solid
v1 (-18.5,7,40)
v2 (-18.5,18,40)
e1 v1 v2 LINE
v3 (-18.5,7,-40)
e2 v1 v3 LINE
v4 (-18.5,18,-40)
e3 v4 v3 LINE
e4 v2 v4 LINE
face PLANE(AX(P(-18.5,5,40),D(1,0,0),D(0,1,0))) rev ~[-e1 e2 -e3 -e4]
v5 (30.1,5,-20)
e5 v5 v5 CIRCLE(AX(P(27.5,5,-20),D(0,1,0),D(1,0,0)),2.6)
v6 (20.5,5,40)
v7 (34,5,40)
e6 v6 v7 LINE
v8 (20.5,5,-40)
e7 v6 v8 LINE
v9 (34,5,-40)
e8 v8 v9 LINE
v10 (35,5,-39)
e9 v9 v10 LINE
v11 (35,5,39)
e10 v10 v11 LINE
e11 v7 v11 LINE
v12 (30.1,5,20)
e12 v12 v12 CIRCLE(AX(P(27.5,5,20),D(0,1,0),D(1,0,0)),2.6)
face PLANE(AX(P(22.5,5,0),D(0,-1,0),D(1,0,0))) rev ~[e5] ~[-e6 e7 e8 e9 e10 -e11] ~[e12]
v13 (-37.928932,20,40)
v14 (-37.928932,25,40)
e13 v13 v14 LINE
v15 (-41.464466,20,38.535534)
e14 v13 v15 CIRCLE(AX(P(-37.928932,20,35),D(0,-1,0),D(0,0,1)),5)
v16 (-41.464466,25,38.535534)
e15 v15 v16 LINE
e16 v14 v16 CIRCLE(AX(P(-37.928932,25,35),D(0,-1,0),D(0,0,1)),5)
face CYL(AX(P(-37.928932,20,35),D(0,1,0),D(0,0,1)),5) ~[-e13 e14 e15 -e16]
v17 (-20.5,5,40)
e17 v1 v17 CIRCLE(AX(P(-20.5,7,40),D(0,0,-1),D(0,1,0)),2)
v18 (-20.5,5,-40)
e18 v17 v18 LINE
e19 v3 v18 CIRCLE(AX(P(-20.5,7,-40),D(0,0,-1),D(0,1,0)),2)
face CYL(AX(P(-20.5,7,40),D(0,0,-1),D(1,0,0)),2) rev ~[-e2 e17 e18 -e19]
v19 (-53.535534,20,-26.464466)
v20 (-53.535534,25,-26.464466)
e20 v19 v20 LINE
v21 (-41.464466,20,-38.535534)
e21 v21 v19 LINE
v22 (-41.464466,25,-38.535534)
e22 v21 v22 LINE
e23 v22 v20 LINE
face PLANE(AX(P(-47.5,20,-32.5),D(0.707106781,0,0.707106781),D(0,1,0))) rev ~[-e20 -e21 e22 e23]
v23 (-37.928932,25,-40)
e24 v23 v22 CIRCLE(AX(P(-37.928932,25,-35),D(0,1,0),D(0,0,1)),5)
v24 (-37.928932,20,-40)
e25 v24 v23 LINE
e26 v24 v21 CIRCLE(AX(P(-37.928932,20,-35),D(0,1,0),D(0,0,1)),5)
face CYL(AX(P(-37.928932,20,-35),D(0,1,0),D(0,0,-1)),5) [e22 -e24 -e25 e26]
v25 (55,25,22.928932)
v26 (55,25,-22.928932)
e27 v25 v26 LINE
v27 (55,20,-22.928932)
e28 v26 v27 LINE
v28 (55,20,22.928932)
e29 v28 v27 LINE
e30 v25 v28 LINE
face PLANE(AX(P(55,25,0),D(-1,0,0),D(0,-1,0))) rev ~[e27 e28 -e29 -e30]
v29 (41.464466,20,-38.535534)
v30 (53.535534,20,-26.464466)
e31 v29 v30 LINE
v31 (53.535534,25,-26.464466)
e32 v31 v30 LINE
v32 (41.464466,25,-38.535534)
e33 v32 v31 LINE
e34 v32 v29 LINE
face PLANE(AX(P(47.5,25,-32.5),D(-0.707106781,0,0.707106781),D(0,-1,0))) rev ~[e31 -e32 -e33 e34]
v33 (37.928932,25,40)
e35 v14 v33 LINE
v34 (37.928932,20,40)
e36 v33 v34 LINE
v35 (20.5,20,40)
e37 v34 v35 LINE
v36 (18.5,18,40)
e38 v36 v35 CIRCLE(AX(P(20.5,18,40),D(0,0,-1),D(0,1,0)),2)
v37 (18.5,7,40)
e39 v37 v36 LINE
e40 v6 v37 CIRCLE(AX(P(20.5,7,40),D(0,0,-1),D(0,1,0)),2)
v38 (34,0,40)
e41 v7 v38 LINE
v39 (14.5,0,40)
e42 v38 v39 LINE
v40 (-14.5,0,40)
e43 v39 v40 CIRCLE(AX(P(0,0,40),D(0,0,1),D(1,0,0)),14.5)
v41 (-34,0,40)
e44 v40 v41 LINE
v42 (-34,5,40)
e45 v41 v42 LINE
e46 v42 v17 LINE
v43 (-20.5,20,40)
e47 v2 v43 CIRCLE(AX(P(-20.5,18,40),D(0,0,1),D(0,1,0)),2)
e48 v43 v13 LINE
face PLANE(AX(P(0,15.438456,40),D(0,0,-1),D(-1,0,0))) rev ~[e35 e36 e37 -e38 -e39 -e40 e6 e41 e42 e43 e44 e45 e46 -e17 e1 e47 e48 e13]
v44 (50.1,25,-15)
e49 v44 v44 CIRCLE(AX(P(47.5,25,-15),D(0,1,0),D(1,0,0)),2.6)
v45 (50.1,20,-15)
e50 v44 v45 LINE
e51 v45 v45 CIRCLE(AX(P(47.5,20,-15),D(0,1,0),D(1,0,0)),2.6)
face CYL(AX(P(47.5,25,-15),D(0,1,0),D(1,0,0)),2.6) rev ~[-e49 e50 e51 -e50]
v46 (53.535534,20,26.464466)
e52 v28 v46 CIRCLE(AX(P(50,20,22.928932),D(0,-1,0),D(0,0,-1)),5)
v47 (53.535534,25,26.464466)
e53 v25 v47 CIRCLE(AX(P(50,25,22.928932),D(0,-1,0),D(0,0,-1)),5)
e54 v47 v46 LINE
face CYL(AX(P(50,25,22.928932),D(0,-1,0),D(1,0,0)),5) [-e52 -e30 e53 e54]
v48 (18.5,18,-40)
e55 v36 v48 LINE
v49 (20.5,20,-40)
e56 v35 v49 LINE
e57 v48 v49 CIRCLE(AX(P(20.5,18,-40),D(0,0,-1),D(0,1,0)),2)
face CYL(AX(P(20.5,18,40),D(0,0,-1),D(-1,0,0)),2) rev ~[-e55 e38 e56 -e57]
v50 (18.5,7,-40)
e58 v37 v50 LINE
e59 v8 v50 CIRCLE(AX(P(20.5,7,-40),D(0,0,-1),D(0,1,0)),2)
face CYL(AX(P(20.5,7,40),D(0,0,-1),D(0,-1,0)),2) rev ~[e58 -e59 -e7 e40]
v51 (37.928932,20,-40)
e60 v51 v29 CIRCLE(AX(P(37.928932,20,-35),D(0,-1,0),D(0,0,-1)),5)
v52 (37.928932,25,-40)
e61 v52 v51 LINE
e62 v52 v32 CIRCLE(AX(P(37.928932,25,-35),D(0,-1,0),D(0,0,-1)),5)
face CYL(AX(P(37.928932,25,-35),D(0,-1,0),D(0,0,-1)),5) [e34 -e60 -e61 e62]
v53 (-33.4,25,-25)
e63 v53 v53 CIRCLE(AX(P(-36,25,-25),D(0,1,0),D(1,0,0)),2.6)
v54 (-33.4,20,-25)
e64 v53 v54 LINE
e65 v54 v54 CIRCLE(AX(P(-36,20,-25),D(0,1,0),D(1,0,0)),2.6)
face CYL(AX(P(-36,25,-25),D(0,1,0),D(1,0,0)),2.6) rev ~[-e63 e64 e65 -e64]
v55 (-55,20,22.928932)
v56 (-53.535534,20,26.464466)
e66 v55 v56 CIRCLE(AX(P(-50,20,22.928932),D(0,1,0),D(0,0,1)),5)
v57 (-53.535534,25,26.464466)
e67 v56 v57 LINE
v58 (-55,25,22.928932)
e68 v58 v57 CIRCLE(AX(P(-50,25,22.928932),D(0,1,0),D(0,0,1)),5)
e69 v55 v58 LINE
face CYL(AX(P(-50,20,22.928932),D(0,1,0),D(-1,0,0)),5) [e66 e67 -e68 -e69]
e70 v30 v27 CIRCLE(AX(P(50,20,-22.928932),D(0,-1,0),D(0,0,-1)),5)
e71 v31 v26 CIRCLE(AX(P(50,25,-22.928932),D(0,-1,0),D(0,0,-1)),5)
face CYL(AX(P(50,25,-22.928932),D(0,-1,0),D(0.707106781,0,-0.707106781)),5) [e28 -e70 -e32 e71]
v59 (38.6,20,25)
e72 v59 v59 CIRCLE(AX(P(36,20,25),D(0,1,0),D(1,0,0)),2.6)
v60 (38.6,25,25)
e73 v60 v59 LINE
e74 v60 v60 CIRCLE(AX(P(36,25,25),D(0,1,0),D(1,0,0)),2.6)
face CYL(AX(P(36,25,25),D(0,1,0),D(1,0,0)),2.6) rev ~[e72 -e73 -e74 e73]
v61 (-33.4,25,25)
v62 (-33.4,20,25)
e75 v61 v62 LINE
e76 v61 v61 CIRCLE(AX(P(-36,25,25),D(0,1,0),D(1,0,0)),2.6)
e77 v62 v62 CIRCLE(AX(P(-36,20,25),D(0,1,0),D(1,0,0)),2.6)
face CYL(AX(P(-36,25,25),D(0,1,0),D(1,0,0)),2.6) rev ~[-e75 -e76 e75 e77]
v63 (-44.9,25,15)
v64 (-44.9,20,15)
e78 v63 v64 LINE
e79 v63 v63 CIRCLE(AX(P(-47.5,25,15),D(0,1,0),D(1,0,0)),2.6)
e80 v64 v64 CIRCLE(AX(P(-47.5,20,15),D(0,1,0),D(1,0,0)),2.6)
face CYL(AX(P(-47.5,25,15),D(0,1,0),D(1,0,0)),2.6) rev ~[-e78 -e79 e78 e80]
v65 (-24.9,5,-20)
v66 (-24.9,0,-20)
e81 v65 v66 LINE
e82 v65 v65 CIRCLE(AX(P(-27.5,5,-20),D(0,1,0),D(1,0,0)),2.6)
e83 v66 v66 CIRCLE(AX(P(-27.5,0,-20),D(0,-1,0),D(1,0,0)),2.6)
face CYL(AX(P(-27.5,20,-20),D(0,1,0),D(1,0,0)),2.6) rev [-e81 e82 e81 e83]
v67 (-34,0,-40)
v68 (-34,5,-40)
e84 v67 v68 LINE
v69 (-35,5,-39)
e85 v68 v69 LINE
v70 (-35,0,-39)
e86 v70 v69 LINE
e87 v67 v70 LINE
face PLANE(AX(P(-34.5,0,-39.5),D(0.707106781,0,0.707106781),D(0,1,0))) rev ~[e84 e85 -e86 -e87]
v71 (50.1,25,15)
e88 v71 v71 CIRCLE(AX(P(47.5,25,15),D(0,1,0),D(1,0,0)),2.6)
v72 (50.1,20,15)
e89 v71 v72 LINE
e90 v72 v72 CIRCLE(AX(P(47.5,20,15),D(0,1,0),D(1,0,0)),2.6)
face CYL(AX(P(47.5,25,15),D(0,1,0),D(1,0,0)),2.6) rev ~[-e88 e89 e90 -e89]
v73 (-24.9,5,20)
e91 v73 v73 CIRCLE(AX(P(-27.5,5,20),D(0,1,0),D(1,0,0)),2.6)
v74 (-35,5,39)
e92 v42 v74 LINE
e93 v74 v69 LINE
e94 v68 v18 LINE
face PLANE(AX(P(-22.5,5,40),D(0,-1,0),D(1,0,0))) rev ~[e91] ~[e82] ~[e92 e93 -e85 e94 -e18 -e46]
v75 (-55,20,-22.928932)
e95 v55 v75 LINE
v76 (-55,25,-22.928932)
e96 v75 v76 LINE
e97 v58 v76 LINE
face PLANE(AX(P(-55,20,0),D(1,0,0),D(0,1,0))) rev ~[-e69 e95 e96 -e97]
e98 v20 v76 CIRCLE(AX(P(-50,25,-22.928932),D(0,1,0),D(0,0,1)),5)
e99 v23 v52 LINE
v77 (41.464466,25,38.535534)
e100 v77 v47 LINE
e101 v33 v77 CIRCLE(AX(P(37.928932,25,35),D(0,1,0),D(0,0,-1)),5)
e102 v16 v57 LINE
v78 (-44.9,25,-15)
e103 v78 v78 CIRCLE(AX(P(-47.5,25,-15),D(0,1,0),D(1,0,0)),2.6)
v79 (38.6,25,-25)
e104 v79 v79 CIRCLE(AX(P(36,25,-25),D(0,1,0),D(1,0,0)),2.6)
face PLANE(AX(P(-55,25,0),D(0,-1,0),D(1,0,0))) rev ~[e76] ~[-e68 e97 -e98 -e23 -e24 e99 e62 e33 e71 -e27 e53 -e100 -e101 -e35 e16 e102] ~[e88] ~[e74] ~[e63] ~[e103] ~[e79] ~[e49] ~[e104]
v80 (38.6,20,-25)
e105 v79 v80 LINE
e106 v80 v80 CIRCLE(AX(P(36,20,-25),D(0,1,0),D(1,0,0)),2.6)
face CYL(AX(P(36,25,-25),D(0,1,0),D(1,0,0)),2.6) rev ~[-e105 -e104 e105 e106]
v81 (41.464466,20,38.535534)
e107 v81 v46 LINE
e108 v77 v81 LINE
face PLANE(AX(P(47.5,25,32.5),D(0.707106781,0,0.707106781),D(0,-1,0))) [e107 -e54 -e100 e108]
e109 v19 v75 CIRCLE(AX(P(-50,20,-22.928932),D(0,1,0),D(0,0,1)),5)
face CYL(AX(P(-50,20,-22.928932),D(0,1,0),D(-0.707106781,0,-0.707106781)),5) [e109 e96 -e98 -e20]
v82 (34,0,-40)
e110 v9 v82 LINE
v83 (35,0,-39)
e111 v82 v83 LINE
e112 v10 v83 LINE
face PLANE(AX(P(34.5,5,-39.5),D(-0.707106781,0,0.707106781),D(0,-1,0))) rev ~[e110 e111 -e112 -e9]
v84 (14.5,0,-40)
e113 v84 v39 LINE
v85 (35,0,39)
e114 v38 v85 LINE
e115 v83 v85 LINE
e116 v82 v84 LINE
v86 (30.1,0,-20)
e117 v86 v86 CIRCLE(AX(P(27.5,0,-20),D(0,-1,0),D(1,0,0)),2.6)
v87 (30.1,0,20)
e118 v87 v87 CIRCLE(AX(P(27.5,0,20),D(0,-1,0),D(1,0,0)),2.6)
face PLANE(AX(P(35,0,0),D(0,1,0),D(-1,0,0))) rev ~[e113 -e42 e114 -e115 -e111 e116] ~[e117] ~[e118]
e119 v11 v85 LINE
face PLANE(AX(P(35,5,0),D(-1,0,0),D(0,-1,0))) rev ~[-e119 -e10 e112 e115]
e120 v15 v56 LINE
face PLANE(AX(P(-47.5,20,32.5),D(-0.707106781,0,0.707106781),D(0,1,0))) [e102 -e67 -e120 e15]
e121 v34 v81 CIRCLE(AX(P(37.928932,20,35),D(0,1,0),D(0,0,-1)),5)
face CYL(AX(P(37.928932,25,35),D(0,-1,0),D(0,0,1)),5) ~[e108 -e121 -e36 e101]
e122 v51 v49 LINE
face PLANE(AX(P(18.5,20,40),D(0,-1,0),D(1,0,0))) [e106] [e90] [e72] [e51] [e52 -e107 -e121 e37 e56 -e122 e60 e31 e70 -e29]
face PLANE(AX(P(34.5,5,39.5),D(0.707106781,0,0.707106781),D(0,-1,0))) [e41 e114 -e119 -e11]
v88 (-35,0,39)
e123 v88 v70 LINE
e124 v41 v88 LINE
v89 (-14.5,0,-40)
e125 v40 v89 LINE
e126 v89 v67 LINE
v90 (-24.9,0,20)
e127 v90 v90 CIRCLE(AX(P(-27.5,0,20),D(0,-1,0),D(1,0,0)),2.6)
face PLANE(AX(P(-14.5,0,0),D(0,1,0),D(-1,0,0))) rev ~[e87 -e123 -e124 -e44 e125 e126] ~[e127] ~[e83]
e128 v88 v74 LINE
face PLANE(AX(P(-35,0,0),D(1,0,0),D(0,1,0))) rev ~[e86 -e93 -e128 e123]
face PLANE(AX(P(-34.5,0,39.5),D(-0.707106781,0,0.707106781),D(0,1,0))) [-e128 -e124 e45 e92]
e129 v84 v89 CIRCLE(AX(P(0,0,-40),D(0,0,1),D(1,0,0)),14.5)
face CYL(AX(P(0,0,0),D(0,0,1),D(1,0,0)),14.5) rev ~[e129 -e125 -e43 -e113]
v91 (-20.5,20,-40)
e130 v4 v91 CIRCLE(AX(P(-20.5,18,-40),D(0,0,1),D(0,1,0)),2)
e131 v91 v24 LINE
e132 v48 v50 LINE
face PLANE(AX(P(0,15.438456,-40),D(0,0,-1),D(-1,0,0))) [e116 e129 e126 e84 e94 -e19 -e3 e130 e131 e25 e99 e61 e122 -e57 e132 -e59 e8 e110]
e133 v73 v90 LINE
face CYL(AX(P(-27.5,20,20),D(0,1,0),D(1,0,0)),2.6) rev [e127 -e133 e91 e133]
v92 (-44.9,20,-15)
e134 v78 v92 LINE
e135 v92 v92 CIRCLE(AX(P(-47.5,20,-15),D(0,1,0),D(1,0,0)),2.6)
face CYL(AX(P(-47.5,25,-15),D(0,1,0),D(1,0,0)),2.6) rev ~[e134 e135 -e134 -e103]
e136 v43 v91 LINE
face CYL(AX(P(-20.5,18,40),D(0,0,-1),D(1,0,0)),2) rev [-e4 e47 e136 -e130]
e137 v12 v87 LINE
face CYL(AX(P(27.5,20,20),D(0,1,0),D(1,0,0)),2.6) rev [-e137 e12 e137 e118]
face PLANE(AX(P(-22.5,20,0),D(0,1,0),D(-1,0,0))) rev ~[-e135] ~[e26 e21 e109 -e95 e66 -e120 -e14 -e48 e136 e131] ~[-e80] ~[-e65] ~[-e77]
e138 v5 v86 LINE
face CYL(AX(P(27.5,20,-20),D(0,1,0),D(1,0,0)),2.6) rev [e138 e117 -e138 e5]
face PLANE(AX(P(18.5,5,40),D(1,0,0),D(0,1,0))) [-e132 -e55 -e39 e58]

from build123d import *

# Parameters (mm, degrees)
EXTRUDE_2_DEPTH     = 40
SKETCH_3_R          = 2.6
CUT_EXTRUDE_2_DEPTH = 20
CHAMFER_2_SIZE      = 1
SKETCH_4_R          = 2.6
CUT_EXTRUDE_3_DEPTH = 10
SKETCH_5_R          = 2.6
CUT_EXTRUDE_4_DEPTH = 10
CHAMFER_3_SIZE      = 15
FILLET_2_R          = 5
SKETCH1_W           = 4
SKETCH1_H           = 15
CUT_EXTRUDE1_DEPTH  = 81
FILLET1_R           = 2


with BuildPart() as part:
    # 草图2 → 凸台-拉伸2 (new body, symmetric)
    with BuildSketch(Plane.XY):
        with BuildLine():
            Line((25, 0), (14.5, 0))
            ThreePointArc((14.5, 0), (0, 14.5), (-14.5, 0))
            Line((-14.5, 0), (-25, 0))
            Line((-25, 0), (-35, 0))
            Line((-35, 0), (-35, 5))
            Line((-35, 5), (-22.5, 5))
            Line((-22.5, 5), (-22.5, 20))
            Line((-22.5, 20), (-35, 20))
            Line((-35, 20), (-55, 20))
            Line((-55, 20), (-55, 25))
            Line((-55, 25), (-35, 25))
            Line((-35, 25), (35, 25))
            Line((35, 25), (55, 25))
            Line((55, 25), (55, 20))
            Line((55, 20), (35, 20))
            Line((35, 20), (22.5, 20))
            Line((22.5, 20), (22.5, 5))
            Line((22.5, 5), (35, 5))
            Line((35, 5), (35, 0))
            Line((35, 0), (25, 0))
        make_face()
    extrude(amount=EXTRUDE_2_DEPTH, both=True)

    # 草图3 → 切除-拉伸2 (cut)
    with BuildSketch(Plane.XZ.offset(-20)):
        with Locations((-27.5, 20)):
            Circle(SKETCH_3_R)
        with Locations((27.5, 20)):
            Circle(SKETCH_3_R)
        with Locations((27.5, -20)):
            Circle(SKETCH_3_R)
        with Locations((-27.5, -20)):
            Circle(SKETCH_3_R)
    extrude(amount=CUT_EXTRUDE_2_DEPTH, mode=Mode.SUBTRACT)

    # 倒角2
    chamfer_2_edges = [part.edges().sort_by_distance(p)[0] for p in [
        (-35, 2.5, 40),
        (35, 2.5, -40),
        (-35, 2.5, -40),
        (35, 2.5, 40),
    ]]
    chamfer(chamfer_2_edges, length=CHAMFER_2_SIZE)

    # 草图4 → 切除-拉伸3 (cut)
    with BuildSketch(Plane(origin=(0, 25, 0), x_dir=(1, 0, 0), z_dir=(0, 1, 0))):
        with Locations((36, -25)):
            Circle(SKETCH_4_R)
        with Locations((-36, -25)):
            Circle(SKETCH_4_R)
        with Locations((36, 25)):
            Circle(SKETCH_4_R)
        with Locations((-36, 25)):
            Circle(SKETCH_4_R)
    extrude(amount=-CUT_EXTRUDE_3_DEPTH, mode=Mode.SUBTRACT)

    # 草图5 → 切除-拉伸4 (cut)
    with BuildSketch(Plane(origin=(0, 25, 0), x_dir=(1, 0, 0), z_dir=(0, 1, 0))):
        with Locations((-47.5, 15)):
            Circle(SKETCH_5_R)
        with Locations((47.5, 15)):
            Circle(SKETCH_5_R)
        with Locations((47.5, -15)):
            Circle(SKETCH_5_R)
        with Locations((-47.5, -15)):
            Circle(SKETCH_5_R)
    extrude(amount=-CUT_EXTRUDE_4_DEPTH, mode=Mode.SUBTRACT)

    # 倒角3
    chamfer_3_edges = [part.edges().sort_by_distance(p)[0] for p in [
        (-55, 22.5, -40),
        (55, 22.5, -40),
        (55, 22.5, 40),
        (-55, 22.5, 40),
    ]]
    chamfer(chamfer_3_edges, length=CHAMFER_3_SIZE)

    # 圆角2
    fillet_2_edges = [part.edges().sort_by_distance(p)[0] for p in [
        (55, 22.5, 25),
        (55, 22.5, -25),
        (-40, 22.5, -40),
        (40, 22.5, -40),
        (-40, 22.5, 40),
        (40, 22.5, 40),
        (-55, 22.5, 25),
        (-55, 22.5, -25),
    ]]
    fillet(fillet_2_edges, radius=FILLET_2_R)

    # Sketch1 → Cut-Extrude1 (cut, through all)
    with BuildSketch(Plane.XY.offset(40)):
        with Locations((-20.5, 12.5)):
            Rectangle(SKETCH1_W, SKETCH1_H)
        with Locations((20.5, 12.5)):
            Rectangle(SKETCH1_W, SKETCH1_H)
    extrude(amount=-CUT_EXTRUDE1_DEPTH, mode=Mode.SUBTRACT)

    # Fillet1
    fillet1_edges = [part.edges().sort_by_distance(p)[0] for p in [
        (-18.5, 20, 0),
        (-18.5, 5, 0),
        (18.5, 5, 0),
        (18.5, 20, 0),
    ]]
    fillet(fillet1_edges, radius=FILLET1_R)


solid = part.part
